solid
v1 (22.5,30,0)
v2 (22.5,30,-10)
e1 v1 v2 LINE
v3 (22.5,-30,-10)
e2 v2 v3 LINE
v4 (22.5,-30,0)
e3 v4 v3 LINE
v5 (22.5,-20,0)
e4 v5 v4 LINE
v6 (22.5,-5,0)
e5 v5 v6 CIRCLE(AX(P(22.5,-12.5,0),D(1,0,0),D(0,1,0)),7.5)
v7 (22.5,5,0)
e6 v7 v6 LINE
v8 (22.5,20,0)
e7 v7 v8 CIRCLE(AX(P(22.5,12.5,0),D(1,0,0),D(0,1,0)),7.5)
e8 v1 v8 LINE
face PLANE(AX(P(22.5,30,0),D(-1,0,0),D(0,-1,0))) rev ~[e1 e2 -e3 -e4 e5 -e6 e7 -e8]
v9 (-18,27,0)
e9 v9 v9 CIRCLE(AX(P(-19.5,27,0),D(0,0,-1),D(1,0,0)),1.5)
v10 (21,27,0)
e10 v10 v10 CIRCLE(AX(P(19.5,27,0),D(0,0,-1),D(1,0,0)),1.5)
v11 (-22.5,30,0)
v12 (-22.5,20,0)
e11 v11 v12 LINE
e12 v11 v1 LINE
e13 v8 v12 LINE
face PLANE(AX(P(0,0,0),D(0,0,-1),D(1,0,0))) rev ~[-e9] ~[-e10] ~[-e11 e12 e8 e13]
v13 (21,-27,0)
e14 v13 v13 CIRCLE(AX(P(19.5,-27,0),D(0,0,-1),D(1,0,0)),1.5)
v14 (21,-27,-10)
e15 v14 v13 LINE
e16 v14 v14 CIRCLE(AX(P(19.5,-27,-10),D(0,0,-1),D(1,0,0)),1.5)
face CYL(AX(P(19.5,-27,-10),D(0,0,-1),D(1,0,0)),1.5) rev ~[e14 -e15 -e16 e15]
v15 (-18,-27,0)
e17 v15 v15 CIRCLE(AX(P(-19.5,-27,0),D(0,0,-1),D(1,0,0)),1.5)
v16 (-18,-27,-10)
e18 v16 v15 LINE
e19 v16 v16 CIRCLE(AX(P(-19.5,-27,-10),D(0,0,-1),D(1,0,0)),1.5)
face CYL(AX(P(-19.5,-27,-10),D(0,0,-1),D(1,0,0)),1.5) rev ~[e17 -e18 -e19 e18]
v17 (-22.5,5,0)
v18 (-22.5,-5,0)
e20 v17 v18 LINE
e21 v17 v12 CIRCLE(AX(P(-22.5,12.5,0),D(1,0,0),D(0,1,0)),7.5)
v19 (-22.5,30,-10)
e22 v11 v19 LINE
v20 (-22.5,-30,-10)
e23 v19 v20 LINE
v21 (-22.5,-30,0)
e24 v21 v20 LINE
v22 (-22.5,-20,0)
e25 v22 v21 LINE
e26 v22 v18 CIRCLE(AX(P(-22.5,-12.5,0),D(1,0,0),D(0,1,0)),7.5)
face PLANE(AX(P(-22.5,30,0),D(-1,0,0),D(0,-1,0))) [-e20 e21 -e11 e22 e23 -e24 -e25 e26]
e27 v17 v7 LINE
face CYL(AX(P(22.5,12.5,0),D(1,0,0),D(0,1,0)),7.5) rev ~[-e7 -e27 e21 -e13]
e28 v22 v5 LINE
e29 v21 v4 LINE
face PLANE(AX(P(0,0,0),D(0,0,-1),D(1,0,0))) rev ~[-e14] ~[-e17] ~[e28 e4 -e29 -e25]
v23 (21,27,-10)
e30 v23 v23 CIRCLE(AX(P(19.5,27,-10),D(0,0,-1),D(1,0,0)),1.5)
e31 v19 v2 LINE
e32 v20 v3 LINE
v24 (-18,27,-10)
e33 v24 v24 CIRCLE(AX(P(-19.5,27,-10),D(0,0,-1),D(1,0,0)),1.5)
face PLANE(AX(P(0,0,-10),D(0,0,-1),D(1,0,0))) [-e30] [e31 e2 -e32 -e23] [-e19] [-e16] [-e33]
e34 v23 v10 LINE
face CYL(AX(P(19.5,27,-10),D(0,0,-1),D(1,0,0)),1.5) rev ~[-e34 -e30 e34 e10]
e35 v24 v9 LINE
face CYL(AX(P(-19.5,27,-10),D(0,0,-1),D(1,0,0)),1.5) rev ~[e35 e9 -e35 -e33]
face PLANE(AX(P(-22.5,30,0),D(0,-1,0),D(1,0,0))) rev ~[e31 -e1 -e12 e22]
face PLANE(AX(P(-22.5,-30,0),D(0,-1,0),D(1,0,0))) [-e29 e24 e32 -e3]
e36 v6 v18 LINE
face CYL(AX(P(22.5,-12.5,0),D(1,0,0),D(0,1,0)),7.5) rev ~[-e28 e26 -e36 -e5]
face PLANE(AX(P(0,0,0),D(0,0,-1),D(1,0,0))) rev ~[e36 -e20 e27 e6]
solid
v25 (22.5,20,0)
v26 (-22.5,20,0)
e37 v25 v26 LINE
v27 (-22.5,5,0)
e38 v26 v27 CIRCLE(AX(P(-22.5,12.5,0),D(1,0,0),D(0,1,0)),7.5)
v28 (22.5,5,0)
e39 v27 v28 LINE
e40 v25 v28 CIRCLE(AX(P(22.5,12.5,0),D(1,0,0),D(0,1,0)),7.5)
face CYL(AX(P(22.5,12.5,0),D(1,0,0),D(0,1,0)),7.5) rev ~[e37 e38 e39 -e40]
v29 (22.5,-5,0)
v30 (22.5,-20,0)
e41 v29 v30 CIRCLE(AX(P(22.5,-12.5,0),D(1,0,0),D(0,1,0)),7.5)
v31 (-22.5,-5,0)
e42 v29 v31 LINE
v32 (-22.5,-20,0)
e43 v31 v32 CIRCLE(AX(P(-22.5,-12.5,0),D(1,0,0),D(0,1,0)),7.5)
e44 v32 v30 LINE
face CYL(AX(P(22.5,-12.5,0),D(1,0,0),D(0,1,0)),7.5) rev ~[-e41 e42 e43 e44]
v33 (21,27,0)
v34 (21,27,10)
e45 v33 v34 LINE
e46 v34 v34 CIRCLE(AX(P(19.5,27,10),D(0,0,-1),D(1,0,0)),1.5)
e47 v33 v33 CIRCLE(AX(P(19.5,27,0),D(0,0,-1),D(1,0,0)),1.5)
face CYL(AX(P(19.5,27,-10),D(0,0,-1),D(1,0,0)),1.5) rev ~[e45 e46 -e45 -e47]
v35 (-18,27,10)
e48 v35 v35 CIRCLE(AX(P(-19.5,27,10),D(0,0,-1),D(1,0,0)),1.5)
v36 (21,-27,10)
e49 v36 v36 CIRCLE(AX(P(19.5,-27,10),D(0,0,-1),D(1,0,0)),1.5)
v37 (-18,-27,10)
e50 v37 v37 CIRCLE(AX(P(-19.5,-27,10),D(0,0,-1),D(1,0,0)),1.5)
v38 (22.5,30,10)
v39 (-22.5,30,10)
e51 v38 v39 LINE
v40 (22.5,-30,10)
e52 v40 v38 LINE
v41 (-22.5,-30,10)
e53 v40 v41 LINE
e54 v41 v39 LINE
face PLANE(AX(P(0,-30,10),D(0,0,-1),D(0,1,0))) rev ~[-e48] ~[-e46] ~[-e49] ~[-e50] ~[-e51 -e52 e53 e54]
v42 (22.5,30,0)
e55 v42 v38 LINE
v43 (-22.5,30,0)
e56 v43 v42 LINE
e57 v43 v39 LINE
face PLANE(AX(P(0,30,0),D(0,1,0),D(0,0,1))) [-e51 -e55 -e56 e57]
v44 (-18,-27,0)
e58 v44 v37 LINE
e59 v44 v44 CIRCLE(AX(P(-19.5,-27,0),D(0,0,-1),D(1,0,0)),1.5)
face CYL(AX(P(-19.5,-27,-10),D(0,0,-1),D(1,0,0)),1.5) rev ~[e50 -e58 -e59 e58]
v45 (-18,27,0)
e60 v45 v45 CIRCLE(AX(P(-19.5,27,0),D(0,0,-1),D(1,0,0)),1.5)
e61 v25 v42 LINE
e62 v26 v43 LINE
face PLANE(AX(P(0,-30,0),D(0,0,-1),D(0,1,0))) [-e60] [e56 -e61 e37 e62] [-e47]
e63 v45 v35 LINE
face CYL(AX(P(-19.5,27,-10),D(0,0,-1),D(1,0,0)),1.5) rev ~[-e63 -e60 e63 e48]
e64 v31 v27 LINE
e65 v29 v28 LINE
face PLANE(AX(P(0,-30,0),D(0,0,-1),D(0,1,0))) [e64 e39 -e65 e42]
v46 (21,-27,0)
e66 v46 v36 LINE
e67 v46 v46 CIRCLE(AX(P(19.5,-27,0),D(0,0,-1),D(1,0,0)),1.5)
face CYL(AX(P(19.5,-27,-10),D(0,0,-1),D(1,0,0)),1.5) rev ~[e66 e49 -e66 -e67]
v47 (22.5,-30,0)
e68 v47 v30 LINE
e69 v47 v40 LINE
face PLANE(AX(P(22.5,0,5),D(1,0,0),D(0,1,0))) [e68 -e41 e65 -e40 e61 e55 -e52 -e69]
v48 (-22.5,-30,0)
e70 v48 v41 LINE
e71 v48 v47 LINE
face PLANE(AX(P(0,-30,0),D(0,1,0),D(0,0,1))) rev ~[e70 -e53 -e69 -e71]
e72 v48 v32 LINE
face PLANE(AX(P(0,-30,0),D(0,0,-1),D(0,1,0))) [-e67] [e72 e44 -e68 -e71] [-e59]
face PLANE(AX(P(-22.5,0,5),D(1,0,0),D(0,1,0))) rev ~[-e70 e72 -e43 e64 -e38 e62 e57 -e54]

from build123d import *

# Parameters (mm, degrees)
F0_W      = 60
F0_H      = 10
F1_DEPTH  = 22.5
F1_FACE_W = 45
F1_FACE_H = 60
F2_DEPTH  = 10
F3_R      = 7.5
F4_DEPTH  = 45.001
F5_R      = 1.5
F6_DEPTH  = 20.001


with BuildPart() as f1:
    # F0 (on Right) → F1 (new body, symmetric)
    with BuildSketch(Plane.YZ):
        with Locations((0, 5)):
            Rectangle(F0_W, F0_H)
    extrude(amount=F1_DEPTH, both=True)


with BuildPart() as f2:
    # F1_face (on face) → F2 (new body)
    with BuildSketch(Plane(origin=(0, 0, 0), x_dir=(1, 0, 0), z_dir=(0, 0, -1))):
        Rectangle(F1_FACE_W, F1_FACE_H)
    extrude(amount=F2_DEPTH)


with BuildPart() as f4_tool:
    # F3 (on face) → F4 (new body, through all)
    with BuildSketch(Plane.YZ.offset(22.5)):
        with Locations((-12.5, 0)):
            Circle(F3_R)
        with Locations((12.5, 0)):
            Circle(F3_R)
    extrude(amount=-F4_DEPTH)


with BuildPart() as f1_1:
    add(f1.part)

    # F4: cut by f4_tool
    add(f4_tool.part, mode=Mode.SUBTRACT)


with BuildPart() as f2_1:
    add(f2.part)

    # F4: cut by f4_tool
    add(f4_tool.part, mode=Mode.SUBTRACT)


with BuildPart() as f6_tool:
    # F5 (on face) → F6 (new body, through all)
    with BuildSketch(Plane(origin=(0, 0, -10), x_dir=(1, 0, 0), z_dir=(0, 0, -1))):
        with Locations((19.5, 27)):
            Circle(F5_R)
        with Locations((-19.5, 27)):
            Circle(F5_R)
        with Locations((19.5, -27)):
            Circle(F5_R)
        with Locations((-19.5, -27)):
            Circle(F5_R)
    extrude(amount=-F6_DEPTH)


with BuildPart() as f1_2:
    add(f1_1.part)

    # F6: cut by f6_tool
    add(f6_tool.part, mode=Mode.SUBTRACT)


with BuildPart() as f2_2:
    add(f2_1.part)

    # F6: cut by f6_tool
    add(f6_tool.part, mode=Mode.SUBTRACT)


solid = Compound([f1_2.part, f2_2.part])
